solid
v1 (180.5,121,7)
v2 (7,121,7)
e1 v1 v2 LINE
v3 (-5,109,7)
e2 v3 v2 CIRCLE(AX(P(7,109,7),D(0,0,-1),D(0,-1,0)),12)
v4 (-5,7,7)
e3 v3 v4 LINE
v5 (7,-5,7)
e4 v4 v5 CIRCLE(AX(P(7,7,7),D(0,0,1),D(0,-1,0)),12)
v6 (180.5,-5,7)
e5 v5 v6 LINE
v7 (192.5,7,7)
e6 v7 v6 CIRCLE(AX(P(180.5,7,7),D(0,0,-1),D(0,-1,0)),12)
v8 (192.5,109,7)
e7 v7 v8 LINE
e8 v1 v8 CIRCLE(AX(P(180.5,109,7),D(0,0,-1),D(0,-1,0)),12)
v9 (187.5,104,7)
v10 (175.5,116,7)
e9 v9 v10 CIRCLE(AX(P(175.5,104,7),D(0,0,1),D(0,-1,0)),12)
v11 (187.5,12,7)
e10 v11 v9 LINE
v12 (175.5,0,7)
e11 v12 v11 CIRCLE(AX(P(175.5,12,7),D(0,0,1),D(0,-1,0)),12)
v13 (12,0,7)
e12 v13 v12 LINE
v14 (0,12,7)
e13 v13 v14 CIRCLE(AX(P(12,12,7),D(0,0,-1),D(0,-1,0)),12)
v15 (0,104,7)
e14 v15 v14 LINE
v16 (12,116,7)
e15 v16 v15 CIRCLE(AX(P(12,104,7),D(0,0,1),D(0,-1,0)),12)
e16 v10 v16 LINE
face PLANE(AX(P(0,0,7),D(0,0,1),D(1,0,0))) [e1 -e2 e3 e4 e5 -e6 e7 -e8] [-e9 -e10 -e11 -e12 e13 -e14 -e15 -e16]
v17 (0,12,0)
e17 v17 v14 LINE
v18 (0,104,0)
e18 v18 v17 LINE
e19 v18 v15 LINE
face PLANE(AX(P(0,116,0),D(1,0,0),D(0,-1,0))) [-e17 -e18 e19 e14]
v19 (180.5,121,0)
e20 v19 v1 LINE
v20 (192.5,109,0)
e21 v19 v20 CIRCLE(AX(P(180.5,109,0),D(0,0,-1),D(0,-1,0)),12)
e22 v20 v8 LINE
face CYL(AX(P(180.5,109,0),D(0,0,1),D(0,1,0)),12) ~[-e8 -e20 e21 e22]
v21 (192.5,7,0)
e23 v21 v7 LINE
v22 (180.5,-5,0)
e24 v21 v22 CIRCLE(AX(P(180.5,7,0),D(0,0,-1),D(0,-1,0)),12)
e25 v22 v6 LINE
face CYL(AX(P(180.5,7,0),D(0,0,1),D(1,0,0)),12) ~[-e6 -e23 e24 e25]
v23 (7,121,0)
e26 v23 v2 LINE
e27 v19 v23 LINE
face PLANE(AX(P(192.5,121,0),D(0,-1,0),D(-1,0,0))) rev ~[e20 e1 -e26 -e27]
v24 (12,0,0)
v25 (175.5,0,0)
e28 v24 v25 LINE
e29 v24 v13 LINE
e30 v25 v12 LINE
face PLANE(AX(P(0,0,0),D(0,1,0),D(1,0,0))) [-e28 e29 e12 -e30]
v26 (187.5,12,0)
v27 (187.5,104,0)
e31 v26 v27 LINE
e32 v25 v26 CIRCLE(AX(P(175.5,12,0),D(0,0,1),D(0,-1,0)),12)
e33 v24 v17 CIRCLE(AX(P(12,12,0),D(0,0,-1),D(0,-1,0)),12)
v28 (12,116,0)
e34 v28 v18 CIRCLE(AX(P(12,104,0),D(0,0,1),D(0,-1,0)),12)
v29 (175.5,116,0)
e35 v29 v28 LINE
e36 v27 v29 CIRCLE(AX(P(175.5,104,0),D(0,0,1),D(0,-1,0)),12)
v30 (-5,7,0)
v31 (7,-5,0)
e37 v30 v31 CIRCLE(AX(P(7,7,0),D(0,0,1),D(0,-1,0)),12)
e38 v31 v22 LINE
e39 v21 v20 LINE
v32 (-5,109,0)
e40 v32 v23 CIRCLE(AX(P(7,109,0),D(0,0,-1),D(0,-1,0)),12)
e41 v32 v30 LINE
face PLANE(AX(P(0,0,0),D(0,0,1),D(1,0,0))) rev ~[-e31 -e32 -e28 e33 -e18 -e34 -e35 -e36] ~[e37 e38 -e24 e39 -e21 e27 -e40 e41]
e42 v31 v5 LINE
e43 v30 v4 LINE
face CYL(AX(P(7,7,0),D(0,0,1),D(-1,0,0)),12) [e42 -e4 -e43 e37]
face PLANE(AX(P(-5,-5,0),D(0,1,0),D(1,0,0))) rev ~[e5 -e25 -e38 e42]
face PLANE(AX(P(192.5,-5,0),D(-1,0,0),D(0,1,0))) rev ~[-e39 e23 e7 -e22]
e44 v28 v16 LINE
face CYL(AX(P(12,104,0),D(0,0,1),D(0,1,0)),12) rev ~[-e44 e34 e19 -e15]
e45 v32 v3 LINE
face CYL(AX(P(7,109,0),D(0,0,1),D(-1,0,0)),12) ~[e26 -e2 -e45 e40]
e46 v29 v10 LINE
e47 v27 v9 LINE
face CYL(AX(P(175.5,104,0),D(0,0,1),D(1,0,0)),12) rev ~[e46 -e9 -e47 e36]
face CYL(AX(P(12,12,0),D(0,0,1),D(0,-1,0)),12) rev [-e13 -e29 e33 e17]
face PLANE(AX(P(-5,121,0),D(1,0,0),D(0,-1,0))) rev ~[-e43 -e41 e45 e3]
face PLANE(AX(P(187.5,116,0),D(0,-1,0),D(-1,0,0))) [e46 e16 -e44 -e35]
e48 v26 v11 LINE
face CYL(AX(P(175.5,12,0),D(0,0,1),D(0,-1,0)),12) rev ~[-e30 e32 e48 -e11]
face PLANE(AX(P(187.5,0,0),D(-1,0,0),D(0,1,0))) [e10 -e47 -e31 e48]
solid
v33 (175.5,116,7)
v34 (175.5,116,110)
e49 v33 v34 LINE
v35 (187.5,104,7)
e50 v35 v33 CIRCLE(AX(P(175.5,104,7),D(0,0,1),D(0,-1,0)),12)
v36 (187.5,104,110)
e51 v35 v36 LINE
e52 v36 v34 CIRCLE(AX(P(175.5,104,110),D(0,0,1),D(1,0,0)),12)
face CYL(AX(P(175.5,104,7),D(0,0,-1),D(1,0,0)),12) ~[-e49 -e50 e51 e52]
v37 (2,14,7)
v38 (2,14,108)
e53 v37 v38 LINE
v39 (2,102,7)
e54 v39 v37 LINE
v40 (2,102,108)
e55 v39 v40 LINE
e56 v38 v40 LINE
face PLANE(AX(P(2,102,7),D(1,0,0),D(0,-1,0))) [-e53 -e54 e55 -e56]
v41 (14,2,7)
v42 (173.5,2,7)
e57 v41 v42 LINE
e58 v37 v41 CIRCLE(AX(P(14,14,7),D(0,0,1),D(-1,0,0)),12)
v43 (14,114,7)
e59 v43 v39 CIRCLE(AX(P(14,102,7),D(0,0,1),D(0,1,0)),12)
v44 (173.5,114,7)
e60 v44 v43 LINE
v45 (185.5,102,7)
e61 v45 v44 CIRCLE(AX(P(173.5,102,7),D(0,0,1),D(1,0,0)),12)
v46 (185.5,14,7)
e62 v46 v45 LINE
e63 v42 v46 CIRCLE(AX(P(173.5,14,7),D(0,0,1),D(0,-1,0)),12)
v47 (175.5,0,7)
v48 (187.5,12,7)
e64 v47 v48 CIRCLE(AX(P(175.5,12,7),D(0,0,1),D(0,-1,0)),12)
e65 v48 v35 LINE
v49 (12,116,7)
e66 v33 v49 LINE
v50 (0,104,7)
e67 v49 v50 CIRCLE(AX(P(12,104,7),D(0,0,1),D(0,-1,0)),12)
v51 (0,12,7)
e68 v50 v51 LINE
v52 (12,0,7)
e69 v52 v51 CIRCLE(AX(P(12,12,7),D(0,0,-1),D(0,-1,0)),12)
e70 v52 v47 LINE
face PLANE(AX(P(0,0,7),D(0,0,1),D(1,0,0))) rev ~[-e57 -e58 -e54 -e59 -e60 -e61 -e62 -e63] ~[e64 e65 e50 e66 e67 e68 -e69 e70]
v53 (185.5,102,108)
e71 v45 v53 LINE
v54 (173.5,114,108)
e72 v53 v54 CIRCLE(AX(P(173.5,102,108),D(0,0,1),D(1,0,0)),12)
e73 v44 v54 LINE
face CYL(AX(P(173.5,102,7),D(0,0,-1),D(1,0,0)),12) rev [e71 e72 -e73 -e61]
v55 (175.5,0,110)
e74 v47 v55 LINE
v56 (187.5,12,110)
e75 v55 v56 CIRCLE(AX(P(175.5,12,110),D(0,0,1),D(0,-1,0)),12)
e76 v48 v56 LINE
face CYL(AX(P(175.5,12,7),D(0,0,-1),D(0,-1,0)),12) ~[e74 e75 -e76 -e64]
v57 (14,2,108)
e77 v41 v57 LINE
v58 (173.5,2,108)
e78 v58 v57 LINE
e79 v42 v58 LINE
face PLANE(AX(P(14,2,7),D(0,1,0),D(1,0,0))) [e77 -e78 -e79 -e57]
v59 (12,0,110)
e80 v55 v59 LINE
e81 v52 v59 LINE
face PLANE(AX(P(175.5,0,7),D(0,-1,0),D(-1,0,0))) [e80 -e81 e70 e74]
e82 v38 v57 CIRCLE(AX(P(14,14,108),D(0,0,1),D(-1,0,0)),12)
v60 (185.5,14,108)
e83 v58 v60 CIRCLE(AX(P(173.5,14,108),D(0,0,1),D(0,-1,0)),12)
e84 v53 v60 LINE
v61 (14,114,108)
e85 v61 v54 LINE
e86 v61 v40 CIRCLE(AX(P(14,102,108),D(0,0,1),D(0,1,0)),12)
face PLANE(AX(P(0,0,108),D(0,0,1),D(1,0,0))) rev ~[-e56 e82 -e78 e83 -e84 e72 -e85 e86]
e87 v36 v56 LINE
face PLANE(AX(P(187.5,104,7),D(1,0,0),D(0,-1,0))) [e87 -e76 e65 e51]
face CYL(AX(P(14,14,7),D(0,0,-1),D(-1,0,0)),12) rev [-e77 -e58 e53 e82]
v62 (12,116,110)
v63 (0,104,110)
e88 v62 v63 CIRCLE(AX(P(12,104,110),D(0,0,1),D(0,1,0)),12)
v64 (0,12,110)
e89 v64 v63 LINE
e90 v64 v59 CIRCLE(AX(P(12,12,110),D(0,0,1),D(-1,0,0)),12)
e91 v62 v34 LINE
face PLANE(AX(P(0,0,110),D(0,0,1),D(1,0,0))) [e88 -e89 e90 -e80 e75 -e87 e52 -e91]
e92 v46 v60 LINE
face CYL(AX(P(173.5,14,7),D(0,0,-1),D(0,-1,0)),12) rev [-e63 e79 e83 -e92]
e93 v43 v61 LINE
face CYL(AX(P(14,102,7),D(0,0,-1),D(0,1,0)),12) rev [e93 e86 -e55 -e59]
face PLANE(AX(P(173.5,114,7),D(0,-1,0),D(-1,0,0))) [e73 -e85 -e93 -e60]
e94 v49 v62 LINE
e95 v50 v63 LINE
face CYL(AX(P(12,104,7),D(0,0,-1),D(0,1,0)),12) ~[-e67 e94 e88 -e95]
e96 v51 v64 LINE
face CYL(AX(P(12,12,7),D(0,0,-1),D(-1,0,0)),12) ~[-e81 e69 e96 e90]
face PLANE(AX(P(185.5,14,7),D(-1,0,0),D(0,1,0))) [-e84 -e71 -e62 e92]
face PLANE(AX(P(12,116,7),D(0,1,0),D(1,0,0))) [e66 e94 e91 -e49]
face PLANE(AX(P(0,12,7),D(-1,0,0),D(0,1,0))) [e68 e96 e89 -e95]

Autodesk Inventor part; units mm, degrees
ref_plane "YZ Plane" through (0, 0, 0) normal (1, 0, 0) x (0, 1, 0)
ref_plane "XZ Plane" through (0, 0, 0) normal (0, 1, 0) x (-1, 0, 0)
ref_plane "XY Plane" through (0, 0, 0) normal (0, 0, 1) x (1, 0, 0)
sketch "Sketch1" plane through (0, 0, 0) normal (0, 0, 1) x (1, 0, 0)
  line L0 (0, 0) -> (187.5, 0)
  line L1 (187.5, 0) -> (187.5, 116)
  line L2 (187.5, 116) -> (0, 116)
  line L3 (0, 116) -> (0, 0)
  line L4 (-5, -5) -> (192.5, -5)
  line L5 (192.5, -5) -> (192.5, 121)
  line L6 (192.5, 121) -> (-5, 121)
  line L7 (-5, 121) -> (-5, -5)
  dimension "d0" = 116
  dimension "d1" = 187.5
  dimension "d2" = 5
  dimension "d3" = 5
  dimension "d4" = 5
  dimension "d5" = 5
extrude "Extrusion1" add sketch "Sketch1" along normal blind 7
fillet "Fillet1" radius 12 8 edges at (-5, -5, 3.5) (-5, 121, 3.5) (192.5, 121, 3.5) (192.5, -5, 3.5) (0, 0, 3.5) (187.5, 116, 3.5) (0, 116, 3.5) (187.5, 0, 3.5)
sketch "Sketch2" plane through (0, 0, 7) normal (0, 0, 1) x (1, 0, 0)
  line L0 (0, 12) -> (0, 104) projected
  arc A0 (12, 116) -> (0, 104) centre (12, 104) ccw projected
  arc A1 (0, 12) -> (12, 0) centre (12, 12) ccw projected
  line L1 (175.5, 0) -> (12, 0) projected
  line L2 (12, 116) -> (175.5, 116) projected
  arc A2 (187.5, 104) -> (175.5, 116) centre (175.5, 104) ccw projected
  line L3 (187.5, 104) -> (187.5, 12) projected
  arc A3 (175.5, 0) -> (187.5, 12) centre (175.5, 12) ccw projected
  line L4 (14, 2) -> (173.5, 2)
  line L5 (185.5, 14) -> (185.5, 102)
  line L6 (173.5, 114) -> (14, 114)
  line L7 (2, 102) -> (2, 14)
  arc A4 (2, 14) -> (14, 2) centre (14, 14) ccw
  arc A5 (14, 114) -> (2, 102) centre (14, 102) ccw
  arc A6 (185.5, 102) -> (173.5, 114) centre (173.5, 102) ccw
  arc A7 (173.5, 2) -> (185.5, 14) centre (173.5, 14) ccw
  point P0 (0, 0)
  dimension "d9" = 2
  dimension "d10" = 2
  dimension "d11" = 2
  dimension "d12" = 2
  dimension "d13" = 12
extrude "Extrusion2" add sketch "Sketch2" along normal blind 103
sketch "Sketch3" plane through (0, 0, 110) normal (0, 0, 1) x (1, 0, 0)
  arc A0 (2, 14) -> (14, 2) centre (14, 14) ccw projected
  line L0 (2, 14) -> (2, 102) projected
  line L1 (173.5, 2) -> (14, 2) projected
  arc A1 (14, 114) -> (2, 102) centre (14, 102) ccw projected
  line L2 (14, 114) -> (173.5, 114) projected
  arc A2 (185.5, 102) -> (173.5, 114) centre (173.5, 102) ccw projected
  line L3 (185.5, 102) -> (185.5, 14) projected
  arc A3 (173.5, 2) -> (185.5, 14) centre (173.5, 14) ccw projected
  point P0 (0, 0)
extrude "Extrusion3" add sketch "Sketch3" against normal blind 2
properties part number "cuva" material "Polycarbonate, Smoke"
